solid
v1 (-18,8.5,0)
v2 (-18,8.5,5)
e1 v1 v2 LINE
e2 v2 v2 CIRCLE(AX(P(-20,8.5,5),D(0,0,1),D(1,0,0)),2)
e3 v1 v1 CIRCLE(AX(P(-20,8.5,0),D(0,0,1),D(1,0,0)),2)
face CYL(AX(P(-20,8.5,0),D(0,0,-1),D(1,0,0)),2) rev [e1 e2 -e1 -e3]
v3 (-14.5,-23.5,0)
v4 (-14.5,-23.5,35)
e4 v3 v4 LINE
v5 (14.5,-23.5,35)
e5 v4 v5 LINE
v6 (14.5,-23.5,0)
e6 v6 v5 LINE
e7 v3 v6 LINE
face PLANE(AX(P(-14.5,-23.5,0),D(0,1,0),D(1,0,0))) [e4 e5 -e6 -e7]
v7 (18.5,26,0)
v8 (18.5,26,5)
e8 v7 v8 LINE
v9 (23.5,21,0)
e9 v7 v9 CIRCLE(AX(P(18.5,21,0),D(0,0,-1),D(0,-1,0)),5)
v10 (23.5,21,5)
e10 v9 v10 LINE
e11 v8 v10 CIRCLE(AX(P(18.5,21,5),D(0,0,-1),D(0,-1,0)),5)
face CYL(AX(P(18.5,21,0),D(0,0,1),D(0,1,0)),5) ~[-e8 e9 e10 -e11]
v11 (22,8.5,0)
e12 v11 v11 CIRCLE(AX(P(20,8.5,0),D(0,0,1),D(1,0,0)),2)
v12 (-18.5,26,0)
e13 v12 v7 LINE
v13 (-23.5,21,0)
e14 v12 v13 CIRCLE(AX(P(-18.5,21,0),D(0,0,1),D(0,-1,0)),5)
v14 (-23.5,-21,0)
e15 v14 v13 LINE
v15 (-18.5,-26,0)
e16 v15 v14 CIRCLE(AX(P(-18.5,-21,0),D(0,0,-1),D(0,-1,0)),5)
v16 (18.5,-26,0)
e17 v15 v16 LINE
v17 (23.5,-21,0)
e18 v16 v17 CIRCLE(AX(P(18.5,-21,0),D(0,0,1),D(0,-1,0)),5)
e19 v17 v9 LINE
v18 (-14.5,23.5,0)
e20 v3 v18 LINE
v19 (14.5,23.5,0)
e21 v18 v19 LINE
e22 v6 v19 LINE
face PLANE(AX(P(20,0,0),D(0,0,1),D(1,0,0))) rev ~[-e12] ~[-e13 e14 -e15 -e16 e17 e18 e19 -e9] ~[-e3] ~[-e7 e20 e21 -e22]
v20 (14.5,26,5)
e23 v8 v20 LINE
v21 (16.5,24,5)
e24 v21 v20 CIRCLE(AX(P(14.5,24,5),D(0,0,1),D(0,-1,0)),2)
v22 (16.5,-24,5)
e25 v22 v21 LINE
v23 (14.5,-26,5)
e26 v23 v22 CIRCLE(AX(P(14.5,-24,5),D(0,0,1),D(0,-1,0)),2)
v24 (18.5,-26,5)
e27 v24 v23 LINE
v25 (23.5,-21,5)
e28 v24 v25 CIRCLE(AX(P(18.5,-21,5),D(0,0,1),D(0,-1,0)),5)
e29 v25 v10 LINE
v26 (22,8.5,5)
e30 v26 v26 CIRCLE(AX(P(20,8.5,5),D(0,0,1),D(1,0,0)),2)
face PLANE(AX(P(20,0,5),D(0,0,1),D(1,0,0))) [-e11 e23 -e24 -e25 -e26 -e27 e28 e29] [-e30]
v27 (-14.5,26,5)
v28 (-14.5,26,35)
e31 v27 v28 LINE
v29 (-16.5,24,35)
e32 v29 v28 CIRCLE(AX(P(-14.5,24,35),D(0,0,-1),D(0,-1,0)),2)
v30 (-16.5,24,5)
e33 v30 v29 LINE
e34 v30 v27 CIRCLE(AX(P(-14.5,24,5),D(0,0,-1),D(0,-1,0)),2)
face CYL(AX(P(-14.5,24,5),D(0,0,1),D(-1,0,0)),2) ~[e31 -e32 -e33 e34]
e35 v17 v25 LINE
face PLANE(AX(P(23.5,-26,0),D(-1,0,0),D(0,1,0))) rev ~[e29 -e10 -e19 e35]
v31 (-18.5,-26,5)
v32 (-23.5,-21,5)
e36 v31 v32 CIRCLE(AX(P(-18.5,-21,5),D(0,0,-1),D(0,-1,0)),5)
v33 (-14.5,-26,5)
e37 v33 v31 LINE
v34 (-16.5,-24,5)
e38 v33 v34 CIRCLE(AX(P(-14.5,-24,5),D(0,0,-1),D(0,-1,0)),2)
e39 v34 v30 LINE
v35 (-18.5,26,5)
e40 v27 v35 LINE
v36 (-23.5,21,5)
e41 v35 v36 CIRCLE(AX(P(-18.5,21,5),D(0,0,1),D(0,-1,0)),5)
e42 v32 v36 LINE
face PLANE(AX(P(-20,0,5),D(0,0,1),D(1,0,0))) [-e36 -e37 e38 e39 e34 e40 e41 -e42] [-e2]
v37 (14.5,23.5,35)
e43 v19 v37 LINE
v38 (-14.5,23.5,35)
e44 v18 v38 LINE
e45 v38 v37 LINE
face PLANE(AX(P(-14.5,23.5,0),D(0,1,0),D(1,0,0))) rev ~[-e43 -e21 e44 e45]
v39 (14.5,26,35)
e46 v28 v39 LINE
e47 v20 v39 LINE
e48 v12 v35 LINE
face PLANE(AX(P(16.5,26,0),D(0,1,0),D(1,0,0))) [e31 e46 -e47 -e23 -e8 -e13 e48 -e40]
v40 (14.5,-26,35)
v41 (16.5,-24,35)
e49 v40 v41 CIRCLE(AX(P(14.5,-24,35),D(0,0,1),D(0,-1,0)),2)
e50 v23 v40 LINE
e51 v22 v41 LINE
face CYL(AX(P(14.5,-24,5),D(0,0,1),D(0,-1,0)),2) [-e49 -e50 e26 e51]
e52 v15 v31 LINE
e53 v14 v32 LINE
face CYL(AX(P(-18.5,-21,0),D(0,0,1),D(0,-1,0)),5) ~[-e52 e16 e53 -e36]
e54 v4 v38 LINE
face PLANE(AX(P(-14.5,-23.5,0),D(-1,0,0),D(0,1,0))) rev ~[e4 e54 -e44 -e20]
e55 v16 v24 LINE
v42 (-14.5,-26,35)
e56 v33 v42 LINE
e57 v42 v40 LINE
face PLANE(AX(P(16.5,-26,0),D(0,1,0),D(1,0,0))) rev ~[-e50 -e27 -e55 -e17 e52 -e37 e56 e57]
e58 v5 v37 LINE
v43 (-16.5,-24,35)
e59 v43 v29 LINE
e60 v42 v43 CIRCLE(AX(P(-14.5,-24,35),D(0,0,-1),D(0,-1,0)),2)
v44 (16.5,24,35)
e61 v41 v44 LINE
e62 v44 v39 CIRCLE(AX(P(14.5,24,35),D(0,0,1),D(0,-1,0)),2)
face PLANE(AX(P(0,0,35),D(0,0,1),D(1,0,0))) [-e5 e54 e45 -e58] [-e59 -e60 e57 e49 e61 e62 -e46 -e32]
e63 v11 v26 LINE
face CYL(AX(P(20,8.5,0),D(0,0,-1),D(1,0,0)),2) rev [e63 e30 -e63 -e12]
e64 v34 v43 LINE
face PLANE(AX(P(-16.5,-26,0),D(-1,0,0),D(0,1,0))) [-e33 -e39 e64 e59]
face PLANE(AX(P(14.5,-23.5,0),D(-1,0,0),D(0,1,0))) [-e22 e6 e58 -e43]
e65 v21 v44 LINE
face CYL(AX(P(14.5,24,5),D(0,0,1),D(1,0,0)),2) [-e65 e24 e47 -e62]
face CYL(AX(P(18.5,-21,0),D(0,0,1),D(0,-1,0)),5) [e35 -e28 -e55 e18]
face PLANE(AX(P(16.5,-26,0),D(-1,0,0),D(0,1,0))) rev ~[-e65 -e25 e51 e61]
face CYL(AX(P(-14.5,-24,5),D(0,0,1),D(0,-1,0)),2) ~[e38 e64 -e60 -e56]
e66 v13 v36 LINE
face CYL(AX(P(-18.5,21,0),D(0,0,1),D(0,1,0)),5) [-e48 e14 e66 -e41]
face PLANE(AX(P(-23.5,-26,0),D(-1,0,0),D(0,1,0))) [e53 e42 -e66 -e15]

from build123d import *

# Parameters (mm, degrees)
F0_W     = 7
F0_H     = 52
F0_R     = 2
F1_DEPTH = 5
F0_W_2   = 33
F0_W_3   = 29
F0_H_2   = 47
F2_DEPTH = 35
F3_DEPTH = 5
F4_R     = 5
F5_R     = 2


with BuildPart() as f1:
    # F0 (on Top) → F1 (new body)
    with BuildSketch(Plane.XY):
        with Locations((-20, 0)):
            Rectangle(F0_W, F0_H)
        with Locations((-20, 8.5)):
            Circle(F0_R, mode=Mode.SUBTRACT)
    extrude(amount=F1_DEPTH)

    # F0 (on Top) → F2 (join)
    with BuildSketch(Plane.XY):
        Rectangle(F0_W_2, F0_H)
        Rectangle(F0_W_3, F0_H_2, mode=Mode.SUBTRACT)
    extrude(amount=F2_DEPTH)

    # F0 (on Top) → F3 (join)
    with BuildSketch(Plane.XY):
        with Locations((20, 0)):
            Rectangle(F0_W, F0_H)
        with Locations((20, 8.5)):
            Circle(F0_R, mode=Mode.SUBTRACT)
    extrude(amount=F3_DEPTH)

    # F4
    f4_edges = [f1.edges().sort_by_distance(p)[0] for p in [
        (-23.5, -26, 2.5),
        (23.5, -26, 2.5),
        (23.5, 26, 2.5),
        (-23.5, 26, 2.5),
    ]]
    fillet(f4_edges, radius=F4_R)

    # F5
    f5_edges = [f1.edges().sort_by_distance(p)[0] for p in [
        (-16.5, -26, 20),
        (16.5, -26, 20),
        (16.5, 26, 20),
        (-16.5, 26, 20),
    ]]
    fillet(f5_edges, radius=F5_R)


solid = f1.part
